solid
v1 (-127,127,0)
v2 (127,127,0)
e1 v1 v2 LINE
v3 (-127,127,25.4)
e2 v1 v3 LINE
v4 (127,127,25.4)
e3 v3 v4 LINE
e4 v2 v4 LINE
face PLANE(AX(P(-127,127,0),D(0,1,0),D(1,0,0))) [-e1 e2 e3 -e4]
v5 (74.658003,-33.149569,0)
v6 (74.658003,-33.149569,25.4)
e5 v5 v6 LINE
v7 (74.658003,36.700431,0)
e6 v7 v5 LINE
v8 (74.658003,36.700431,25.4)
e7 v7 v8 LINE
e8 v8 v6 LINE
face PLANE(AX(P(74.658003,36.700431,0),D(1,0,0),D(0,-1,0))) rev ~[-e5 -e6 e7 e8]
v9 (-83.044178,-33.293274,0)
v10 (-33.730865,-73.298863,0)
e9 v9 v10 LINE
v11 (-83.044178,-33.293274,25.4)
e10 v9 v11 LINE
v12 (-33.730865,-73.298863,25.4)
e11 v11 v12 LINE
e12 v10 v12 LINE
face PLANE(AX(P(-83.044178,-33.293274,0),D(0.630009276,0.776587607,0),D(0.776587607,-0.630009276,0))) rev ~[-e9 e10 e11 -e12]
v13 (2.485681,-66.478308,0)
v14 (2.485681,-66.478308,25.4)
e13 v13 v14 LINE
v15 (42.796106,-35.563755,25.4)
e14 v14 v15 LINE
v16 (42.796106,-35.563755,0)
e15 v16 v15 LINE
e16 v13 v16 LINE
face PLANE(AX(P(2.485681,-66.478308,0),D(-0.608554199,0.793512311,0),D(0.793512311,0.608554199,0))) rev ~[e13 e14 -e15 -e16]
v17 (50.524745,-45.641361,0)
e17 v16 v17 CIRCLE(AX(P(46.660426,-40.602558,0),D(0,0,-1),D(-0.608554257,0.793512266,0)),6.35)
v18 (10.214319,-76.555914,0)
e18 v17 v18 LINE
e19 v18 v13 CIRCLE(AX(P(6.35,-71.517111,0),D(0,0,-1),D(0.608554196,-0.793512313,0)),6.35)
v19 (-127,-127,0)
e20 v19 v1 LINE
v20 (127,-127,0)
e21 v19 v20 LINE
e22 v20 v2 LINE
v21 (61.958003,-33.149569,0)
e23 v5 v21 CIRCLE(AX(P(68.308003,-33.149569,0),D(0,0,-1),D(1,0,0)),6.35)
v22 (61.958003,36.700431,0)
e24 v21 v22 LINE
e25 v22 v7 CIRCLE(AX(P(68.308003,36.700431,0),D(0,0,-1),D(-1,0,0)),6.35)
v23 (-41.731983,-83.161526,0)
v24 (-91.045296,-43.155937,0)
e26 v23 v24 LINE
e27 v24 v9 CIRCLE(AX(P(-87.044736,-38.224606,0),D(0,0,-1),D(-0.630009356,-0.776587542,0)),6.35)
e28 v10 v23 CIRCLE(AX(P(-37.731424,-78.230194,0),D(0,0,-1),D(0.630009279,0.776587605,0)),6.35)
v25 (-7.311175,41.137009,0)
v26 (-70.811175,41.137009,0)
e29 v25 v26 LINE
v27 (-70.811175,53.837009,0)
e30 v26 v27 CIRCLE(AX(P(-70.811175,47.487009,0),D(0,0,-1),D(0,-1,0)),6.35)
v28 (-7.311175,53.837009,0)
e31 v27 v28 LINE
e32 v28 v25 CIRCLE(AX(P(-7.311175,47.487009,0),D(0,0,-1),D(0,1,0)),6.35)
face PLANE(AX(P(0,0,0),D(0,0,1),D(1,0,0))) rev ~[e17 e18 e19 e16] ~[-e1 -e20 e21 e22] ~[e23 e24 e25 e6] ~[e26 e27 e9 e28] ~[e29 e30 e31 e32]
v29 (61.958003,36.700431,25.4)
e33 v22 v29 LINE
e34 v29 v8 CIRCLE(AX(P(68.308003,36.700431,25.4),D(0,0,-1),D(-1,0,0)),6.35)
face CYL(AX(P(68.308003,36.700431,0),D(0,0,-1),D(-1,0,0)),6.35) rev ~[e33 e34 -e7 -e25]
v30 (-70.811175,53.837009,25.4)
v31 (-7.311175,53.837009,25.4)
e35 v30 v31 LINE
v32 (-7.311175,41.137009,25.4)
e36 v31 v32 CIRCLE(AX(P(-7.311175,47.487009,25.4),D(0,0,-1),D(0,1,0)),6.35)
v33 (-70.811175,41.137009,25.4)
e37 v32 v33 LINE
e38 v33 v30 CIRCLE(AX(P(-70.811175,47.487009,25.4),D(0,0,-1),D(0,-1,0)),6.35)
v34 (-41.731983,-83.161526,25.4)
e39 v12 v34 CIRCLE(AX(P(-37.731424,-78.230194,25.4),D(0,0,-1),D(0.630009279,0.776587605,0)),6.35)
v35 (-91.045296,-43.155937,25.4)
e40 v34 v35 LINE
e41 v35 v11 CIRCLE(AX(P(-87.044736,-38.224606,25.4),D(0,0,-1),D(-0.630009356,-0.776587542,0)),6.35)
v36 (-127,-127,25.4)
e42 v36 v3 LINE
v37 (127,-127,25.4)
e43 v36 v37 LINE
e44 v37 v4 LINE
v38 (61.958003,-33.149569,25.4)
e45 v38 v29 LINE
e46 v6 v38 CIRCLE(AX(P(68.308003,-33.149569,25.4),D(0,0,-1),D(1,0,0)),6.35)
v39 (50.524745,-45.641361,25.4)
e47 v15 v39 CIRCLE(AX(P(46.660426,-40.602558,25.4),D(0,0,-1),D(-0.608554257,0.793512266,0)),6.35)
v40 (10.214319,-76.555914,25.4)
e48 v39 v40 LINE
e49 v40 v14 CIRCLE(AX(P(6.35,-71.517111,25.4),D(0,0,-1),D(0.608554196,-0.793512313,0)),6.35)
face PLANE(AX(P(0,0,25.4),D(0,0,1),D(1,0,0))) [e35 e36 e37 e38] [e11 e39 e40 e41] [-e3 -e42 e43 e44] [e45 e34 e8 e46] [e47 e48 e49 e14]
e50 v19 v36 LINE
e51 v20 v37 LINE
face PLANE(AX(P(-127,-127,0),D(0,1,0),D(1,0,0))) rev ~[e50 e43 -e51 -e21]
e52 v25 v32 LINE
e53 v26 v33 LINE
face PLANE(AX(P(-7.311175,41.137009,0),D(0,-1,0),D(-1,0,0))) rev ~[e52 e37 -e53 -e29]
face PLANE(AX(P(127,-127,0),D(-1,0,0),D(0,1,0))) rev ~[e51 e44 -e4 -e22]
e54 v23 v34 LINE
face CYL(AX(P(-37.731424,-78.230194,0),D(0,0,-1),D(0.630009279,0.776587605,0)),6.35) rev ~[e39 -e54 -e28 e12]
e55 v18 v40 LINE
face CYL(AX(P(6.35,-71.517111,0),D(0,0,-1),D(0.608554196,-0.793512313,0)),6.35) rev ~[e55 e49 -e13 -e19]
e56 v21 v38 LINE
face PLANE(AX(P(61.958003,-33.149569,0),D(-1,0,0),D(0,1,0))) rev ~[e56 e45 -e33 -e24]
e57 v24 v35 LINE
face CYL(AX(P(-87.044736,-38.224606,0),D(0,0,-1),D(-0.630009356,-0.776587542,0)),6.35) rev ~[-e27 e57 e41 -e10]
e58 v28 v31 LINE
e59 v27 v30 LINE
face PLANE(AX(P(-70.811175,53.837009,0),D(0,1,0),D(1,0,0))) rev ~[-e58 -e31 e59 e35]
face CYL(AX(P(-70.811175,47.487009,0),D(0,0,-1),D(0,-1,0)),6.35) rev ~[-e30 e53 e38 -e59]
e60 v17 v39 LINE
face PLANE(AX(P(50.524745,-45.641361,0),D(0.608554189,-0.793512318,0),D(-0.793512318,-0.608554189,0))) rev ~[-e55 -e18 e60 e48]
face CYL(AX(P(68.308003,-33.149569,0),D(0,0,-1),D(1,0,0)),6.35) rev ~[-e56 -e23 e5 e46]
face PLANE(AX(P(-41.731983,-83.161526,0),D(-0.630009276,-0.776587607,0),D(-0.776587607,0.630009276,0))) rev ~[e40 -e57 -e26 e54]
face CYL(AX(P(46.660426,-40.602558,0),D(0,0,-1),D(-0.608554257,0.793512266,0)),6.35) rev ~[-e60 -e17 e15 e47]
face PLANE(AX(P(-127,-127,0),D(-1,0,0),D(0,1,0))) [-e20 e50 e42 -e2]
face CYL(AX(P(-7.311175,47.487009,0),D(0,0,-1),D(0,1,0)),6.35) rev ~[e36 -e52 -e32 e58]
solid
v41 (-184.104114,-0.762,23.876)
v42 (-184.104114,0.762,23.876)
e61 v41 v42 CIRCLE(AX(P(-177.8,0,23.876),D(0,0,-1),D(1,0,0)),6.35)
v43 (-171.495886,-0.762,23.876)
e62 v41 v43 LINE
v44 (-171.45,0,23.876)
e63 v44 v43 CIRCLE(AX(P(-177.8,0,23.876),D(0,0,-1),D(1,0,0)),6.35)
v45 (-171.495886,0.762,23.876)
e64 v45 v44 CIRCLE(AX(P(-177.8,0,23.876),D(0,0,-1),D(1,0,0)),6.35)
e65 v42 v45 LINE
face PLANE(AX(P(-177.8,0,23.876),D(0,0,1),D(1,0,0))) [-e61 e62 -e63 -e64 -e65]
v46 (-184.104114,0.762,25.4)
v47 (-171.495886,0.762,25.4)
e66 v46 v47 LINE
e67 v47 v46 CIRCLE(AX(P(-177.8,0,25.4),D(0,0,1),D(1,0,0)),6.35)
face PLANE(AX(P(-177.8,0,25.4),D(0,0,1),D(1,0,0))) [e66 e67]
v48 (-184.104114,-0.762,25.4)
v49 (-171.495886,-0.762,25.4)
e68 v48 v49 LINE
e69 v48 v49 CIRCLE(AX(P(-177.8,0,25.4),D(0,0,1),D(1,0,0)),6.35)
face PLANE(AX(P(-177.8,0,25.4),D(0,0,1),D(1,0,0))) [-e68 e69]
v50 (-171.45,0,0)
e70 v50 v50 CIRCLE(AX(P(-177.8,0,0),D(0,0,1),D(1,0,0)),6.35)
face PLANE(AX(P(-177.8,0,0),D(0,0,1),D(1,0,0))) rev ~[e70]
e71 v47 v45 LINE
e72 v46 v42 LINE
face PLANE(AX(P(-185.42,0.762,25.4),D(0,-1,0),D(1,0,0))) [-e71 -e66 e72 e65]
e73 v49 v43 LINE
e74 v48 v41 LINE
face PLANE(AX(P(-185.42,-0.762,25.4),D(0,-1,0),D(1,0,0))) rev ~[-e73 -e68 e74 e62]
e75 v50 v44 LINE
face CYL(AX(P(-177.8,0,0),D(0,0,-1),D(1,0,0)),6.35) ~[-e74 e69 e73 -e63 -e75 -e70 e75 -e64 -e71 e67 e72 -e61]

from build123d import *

# Parameters (mm, degrees)
F0_W     = 254
F0_H     = 254
F0_R     = 6.35
F1_DEPTH = 25.4
F2_W     = 15.24
F2_H     = 1.524
F3_DEPTH = 1.524


with BuildPart() as f1:
    # F0 (on Top) → F1 (new body)
    with BuildSketch(Plane.XY):
        Rectangle(F0_W, F0_H)
        with BuildLine():
            Line((-41.731983, -83.161526), (-91.045296, -43.155937))
            ThreePointArc((-91.045296, -43.155937), (-91.976068, -34.224047), (-83.044178, -33.293274))
            Line((-83.044178, -33.293274), (-33.730865, -73.298863))
            ThreePointArc((-33.730865, -73.298863), (-32.800093, -82.230754), (-41.731983, -83.161526))
        make_face(mode=Mode.SUBTRACT)
        with BuildLine():
            Line((50.524745, -45.641361), (10.214319, -76.555914))
            ThreePointArc((10.214319, -76.555914), (1.311197, -75.38143), (2.485681, -66.478308))
            Line((2.485681, -66.478308), (42.796106, -35.563755))
            ThreePointArc((42.796106, -35.563755), (51.699229, -36.738239), (50.524745, -45.641361))
        make_face(mode=Mode.SUBTRACT)
        with BuildLine():
            Line((-7.311175, 41.137009), (-70.811175, 41.137009))
            ThreePointArc((-70.811175, 41.137009), (-77.161175, 47.487009), (-70.811175, 53.837009))
            Line((-70.811175, 53.837009), (-7.311175, 53.837009))
            ThreePointArc((-7.311175, 53.837009), (-0.961175, 47.487009), (-7.311175, 41.137009))
        make_face(mode=Mode.SUBTRACT)
        with BuildLine():
            Line((61.958003, -33.149569), (61.958003, 36.700431))
            ThreePointArc((61.958003, 36.700431), (68.308003, 43.050431), (74.658003, 36.700431))
            Line((74.658003, 36.700431), (74.658003, -33.149569))
            ThreePointArc((74.658003, -33.149569), (68.308003, -39.499569), (61.958003, -33.149569))
        make_face(mode=Mode.SUBTRACT)
        with Locations((-177.8, 0)):
            Circle(F0_R)
    extrude(amount=F1_DEPTH)

    # F2 (on face) → F3 (cut)
    with BuildSketch(Plane.XY.offset(25.4)):
        with Locations((-177.8, 0)):
            Rectangle(F2_W, F2_H)
    extrude(amount=-F3_DEPTH, mode=Mode.SUBTRACT)


solid = f1.part
